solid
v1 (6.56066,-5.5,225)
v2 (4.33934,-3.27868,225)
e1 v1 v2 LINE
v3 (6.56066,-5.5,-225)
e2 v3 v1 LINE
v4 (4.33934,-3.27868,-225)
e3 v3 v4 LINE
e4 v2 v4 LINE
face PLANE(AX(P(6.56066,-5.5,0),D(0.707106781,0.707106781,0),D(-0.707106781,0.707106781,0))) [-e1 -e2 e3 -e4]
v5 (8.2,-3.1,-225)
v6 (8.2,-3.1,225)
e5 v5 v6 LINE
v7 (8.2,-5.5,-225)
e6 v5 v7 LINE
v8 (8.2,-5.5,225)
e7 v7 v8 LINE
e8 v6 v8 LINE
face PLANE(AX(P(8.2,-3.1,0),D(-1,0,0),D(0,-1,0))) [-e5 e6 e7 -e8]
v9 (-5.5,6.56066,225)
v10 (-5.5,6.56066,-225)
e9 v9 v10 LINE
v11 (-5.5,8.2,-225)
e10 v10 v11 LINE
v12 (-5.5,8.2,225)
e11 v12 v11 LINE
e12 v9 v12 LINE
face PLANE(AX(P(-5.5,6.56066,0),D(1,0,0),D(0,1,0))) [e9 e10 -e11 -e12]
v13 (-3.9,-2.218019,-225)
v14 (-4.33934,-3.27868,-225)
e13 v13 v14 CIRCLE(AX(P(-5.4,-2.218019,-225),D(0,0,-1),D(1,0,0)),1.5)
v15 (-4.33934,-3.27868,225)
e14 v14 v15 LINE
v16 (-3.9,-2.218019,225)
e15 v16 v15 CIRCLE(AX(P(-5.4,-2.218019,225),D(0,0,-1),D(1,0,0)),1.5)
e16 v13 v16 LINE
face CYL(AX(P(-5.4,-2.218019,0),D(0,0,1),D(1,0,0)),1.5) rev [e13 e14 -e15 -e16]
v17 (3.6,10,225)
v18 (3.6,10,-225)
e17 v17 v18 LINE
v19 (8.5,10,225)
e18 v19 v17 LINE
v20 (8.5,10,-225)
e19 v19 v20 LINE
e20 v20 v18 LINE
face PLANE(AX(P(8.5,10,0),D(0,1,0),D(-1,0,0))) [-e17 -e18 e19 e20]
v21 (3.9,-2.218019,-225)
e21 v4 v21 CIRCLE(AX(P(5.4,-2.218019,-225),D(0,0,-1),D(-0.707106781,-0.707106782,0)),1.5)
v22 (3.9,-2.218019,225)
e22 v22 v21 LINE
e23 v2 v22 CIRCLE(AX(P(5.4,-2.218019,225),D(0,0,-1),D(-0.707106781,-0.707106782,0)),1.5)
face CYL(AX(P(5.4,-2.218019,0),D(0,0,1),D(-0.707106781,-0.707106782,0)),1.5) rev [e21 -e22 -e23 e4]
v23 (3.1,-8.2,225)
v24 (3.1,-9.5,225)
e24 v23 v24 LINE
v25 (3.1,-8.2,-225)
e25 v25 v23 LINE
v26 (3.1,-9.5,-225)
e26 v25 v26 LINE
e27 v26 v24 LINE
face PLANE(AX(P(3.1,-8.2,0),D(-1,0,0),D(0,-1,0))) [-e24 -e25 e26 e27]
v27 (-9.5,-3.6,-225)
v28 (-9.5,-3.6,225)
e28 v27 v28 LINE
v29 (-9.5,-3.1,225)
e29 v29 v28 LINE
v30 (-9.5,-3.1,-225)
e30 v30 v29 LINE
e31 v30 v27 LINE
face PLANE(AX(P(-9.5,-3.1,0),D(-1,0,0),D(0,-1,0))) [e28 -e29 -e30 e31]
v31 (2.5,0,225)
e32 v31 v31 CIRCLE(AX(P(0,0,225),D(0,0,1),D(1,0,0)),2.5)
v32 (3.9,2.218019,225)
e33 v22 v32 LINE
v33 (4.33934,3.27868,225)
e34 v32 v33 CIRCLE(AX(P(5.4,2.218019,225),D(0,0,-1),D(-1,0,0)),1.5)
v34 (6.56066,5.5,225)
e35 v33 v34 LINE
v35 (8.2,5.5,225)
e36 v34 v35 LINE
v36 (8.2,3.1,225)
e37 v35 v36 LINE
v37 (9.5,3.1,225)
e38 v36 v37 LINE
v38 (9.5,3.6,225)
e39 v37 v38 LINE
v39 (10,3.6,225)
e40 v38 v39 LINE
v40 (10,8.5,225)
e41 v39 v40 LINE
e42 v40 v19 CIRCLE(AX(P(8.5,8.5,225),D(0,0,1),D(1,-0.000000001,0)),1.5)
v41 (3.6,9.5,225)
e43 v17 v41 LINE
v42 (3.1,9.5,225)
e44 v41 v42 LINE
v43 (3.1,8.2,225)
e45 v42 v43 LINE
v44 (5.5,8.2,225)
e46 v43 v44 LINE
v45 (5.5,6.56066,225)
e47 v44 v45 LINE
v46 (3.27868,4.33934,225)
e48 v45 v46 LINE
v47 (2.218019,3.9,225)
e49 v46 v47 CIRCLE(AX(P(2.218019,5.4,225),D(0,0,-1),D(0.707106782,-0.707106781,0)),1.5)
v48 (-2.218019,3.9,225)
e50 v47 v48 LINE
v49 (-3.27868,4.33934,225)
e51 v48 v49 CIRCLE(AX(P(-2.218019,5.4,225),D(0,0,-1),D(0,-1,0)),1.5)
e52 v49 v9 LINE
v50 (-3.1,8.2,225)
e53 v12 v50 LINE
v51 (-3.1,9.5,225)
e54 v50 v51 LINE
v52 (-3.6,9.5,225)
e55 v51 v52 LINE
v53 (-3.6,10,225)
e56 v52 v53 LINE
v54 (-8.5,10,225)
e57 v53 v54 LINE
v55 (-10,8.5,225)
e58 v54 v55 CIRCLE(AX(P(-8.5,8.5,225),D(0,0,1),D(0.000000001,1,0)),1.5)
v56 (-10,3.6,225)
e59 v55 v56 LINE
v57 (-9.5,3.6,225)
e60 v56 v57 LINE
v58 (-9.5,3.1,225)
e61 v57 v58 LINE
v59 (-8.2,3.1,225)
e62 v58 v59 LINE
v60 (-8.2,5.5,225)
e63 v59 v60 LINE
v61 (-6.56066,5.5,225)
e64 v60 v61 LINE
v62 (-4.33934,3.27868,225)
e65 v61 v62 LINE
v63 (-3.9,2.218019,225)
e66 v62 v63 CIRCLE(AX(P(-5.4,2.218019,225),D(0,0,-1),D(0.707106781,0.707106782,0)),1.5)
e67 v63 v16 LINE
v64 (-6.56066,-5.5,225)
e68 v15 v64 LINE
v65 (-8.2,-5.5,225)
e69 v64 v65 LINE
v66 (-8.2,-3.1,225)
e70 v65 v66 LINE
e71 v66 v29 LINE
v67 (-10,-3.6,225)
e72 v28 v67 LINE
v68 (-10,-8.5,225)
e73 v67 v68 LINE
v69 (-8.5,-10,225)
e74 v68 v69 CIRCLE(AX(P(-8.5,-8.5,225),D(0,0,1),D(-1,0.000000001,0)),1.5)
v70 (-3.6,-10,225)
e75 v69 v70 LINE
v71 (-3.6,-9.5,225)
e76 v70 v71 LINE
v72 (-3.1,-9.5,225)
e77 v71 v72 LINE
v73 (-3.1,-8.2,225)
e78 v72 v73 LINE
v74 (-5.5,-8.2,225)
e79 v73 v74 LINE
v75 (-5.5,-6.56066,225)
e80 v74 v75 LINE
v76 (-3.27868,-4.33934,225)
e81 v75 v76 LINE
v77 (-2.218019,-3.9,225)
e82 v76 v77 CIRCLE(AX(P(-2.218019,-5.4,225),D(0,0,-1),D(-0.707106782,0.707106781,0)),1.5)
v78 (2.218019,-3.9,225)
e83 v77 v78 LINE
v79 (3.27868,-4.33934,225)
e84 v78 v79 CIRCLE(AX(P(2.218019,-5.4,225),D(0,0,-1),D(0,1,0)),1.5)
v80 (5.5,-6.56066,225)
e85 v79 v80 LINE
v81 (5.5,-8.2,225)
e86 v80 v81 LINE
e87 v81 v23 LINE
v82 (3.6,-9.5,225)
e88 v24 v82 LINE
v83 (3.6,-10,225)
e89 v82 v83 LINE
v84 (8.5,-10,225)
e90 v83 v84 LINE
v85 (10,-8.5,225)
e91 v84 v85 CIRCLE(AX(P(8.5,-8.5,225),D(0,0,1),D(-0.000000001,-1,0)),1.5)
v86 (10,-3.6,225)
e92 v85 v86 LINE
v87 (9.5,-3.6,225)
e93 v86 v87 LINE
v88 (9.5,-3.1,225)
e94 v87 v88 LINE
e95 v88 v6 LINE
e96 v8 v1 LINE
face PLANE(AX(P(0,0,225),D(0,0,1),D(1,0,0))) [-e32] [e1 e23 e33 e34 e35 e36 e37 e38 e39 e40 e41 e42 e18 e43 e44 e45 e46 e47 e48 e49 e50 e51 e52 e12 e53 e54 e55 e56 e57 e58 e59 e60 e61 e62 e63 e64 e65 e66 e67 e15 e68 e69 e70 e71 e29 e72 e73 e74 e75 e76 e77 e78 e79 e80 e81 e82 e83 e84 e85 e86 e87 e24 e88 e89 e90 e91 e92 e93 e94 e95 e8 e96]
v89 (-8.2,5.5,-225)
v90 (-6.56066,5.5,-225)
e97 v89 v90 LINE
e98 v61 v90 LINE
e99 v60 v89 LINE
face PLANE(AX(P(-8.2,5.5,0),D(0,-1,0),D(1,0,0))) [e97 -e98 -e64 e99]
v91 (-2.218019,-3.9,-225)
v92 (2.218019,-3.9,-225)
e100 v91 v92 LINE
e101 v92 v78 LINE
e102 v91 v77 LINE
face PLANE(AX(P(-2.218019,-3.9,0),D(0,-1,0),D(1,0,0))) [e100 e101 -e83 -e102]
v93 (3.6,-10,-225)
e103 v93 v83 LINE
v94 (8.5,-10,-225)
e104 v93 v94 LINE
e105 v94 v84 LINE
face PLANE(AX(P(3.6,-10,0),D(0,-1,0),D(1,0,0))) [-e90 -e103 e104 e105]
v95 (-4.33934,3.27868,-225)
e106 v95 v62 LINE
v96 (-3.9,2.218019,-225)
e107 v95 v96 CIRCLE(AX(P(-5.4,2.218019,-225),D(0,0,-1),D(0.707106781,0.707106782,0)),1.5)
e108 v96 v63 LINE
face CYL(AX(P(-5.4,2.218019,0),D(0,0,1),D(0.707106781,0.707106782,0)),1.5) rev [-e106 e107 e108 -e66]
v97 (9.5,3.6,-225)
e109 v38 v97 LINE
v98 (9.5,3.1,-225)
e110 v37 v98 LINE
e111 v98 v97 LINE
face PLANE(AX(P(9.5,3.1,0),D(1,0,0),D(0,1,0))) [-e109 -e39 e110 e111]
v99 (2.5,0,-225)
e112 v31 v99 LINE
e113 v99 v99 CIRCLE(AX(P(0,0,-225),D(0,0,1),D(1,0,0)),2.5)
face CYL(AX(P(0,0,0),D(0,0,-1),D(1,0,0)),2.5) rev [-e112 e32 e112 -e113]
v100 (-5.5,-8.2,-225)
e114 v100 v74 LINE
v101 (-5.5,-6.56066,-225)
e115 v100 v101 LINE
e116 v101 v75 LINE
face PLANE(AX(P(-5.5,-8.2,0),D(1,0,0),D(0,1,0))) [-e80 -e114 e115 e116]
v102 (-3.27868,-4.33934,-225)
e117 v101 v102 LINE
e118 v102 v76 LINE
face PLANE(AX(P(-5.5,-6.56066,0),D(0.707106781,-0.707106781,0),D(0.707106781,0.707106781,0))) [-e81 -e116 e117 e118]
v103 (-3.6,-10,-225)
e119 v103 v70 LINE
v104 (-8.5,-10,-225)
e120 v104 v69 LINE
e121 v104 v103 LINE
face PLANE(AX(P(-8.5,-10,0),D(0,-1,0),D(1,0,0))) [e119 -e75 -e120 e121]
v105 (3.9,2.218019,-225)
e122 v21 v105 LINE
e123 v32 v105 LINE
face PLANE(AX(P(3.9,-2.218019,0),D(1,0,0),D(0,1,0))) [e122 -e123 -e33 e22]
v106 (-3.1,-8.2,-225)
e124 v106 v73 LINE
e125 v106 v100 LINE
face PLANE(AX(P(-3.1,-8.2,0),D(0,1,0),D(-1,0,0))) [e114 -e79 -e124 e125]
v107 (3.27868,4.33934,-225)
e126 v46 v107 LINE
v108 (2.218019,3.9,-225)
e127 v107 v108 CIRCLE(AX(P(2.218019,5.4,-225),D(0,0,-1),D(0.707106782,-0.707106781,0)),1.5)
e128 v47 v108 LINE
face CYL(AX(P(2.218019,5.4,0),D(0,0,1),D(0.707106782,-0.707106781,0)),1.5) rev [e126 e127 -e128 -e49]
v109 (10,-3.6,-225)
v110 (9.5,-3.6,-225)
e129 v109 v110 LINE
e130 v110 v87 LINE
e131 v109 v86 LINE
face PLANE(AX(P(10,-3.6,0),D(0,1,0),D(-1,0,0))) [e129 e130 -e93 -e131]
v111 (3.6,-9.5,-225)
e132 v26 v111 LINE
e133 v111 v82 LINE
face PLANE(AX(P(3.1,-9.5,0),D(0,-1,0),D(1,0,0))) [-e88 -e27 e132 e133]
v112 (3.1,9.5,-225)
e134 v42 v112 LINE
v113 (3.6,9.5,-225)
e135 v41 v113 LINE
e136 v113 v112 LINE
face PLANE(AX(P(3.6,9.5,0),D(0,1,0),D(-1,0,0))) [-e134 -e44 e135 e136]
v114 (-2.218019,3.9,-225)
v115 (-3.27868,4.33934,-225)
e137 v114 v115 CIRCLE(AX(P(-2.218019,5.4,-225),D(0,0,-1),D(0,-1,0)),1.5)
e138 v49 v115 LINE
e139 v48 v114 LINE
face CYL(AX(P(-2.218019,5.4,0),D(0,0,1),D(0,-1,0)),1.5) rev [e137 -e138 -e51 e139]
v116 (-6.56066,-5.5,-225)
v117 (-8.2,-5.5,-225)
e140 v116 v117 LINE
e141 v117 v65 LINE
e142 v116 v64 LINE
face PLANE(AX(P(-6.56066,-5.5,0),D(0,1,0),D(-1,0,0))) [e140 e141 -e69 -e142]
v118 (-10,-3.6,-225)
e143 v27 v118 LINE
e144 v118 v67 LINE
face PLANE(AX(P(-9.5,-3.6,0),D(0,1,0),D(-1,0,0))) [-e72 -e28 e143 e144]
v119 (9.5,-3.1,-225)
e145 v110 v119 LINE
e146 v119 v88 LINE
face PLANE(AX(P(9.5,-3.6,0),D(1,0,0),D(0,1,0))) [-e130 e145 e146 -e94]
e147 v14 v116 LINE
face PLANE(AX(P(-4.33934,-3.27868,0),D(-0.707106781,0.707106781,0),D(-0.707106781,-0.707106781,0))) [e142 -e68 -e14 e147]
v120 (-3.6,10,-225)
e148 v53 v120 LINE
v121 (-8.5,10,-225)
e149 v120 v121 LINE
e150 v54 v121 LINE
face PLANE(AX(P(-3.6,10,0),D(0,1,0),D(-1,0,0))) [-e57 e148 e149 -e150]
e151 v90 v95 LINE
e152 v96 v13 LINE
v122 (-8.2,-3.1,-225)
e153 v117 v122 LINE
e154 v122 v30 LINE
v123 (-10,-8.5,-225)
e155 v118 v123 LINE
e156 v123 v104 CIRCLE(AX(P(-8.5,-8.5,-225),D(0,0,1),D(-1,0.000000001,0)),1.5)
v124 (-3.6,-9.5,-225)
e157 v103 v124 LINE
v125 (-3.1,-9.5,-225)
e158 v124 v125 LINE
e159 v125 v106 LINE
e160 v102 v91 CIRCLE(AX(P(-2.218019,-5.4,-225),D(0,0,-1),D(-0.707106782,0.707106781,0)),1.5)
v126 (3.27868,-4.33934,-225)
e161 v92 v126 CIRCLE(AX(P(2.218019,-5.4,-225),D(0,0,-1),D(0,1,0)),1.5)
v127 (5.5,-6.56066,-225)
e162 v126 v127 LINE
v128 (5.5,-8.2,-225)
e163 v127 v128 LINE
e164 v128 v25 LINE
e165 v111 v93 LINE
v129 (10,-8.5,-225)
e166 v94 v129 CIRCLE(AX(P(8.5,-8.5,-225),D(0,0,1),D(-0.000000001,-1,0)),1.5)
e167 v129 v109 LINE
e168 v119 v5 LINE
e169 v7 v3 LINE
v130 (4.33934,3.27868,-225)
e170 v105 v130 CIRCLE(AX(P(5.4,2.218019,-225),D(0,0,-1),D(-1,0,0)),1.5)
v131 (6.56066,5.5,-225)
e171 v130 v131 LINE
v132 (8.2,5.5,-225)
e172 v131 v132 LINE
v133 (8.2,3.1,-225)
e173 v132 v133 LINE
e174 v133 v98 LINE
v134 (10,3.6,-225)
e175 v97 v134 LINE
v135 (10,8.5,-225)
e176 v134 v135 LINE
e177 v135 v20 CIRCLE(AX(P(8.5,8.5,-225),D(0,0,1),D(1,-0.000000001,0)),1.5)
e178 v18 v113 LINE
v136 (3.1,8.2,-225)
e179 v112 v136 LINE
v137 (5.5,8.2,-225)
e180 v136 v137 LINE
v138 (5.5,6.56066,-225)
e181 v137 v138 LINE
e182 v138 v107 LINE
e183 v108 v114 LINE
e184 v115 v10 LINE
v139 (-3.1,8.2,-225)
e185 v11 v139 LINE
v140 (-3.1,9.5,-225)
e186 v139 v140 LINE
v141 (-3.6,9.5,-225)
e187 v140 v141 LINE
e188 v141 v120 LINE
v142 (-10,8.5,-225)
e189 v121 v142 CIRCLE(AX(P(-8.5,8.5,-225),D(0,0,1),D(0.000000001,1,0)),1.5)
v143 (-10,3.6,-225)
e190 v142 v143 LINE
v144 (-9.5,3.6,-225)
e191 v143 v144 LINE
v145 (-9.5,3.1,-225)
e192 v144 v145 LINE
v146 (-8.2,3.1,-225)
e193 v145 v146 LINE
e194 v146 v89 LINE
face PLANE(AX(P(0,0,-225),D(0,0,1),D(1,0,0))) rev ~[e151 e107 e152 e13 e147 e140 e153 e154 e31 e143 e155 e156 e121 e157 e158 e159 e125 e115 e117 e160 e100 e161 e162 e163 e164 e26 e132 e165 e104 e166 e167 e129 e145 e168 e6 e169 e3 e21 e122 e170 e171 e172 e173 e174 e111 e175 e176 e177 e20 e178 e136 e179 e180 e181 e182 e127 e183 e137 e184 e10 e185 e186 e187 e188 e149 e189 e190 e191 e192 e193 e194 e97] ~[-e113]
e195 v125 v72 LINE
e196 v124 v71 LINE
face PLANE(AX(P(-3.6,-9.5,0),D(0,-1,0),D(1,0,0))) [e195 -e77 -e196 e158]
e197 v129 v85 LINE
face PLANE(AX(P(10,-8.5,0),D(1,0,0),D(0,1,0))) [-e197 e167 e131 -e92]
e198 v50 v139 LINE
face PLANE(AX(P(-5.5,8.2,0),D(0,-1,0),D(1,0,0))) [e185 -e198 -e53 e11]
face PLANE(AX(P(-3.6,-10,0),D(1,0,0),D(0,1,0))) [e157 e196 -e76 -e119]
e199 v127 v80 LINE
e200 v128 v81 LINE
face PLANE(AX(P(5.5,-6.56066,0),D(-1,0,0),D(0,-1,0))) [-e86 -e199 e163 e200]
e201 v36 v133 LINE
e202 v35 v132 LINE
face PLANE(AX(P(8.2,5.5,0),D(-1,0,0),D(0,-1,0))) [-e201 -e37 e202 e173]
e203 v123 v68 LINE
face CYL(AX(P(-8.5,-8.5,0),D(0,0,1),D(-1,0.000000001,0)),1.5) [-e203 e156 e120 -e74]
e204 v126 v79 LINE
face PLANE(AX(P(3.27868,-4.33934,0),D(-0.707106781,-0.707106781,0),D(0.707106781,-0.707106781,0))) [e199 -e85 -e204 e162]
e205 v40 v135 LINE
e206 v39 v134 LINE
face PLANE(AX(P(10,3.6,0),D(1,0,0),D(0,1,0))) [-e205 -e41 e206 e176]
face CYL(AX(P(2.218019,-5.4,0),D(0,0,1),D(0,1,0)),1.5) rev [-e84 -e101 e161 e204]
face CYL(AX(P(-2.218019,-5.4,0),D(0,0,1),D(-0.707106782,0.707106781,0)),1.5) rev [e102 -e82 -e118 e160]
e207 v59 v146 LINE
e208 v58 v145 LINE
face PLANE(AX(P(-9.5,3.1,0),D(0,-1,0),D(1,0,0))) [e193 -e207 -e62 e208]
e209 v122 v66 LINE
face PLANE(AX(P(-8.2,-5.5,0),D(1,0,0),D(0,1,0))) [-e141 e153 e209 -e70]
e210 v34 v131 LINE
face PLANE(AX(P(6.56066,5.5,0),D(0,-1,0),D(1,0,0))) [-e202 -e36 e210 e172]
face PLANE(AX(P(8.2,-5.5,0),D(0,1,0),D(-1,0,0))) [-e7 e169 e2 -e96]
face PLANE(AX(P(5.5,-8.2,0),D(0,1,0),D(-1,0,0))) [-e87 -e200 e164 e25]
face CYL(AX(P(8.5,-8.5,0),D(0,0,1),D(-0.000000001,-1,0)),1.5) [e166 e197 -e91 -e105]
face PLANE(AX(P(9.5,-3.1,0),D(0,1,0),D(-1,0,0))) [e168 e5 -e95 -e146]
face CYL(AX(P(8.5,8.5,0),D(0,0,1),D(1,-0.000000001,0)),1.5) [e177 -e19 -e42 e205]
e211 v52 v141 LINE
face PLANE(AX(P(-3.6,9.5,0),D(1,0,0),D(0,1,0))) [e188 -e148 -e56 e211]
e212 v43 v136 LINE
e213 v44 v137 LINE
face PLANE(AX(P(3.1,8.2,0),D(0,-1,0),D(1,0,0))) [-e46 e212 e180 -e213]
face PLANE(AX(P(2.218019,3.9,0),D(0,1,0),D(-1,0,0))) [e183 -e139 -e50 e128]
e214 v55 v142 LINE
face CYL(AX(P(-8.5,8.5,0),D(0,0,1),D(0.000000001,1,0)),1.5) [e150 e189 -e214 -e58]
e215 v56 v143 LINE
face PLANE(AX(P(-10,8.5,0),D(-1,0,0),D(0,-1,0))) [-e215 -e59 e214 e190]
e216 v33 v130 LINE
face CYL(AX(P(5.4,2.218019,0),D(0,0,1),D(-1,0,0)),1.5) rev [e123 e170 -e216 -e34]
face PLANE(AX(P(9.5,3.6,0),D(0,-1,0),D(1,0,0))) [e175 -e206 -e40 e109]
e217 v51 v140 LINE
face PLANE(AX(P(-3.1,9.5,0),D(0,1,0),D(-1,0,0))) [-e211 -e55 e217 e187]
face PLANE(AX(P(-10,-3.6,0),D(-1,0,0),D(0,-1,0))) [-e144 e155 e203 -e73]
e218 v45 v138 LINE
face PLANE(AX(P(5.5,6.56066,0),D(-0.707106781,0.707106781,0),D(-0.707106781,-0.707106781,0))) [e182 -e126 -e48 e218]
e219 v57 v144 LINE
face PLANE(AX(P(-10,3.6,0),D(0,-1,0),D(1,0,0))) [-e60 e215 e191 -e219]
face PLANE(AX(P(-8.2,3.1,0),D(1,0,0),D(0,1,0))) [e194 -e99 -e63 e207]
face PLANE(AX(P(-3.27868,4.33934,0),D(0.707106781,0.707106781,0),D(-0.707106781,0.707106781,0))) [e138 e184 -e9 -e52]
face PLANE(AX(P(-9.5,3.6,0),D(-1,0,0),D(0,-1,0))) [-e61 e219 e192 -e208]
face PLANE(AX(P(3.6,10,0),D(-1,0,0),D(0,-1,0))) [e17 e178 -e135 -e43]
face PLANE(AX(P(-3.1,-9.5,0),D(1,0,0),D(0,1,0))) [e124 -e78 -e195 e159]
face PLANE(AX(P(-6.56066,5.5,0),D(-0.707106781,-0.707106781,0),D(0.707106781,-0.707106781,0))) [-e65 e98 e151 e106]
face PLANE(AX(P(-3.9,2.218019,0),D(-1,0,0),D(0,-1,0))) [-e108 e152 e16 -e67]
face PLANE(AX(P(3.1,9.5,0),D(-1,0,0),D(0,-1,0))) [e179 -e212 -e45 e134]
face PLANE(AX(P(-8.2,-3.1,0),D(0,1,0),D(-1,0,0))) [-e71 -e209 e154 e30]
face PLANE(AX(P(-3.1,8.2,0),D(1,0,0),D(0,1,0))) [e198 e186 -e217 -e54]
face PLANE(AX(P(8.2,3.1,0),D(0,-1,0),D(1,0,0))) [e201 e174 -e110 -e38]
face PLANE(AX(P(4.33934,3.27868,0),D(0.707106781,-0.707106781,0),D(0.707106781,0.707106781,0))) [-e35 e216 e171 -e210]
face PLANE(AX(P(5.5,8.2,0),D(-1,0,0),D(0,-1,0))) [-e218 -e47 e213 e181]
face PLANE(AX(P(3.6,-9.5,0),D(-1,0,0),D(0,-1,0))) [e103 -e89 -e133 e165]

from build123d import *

# Parameters (mm, degrees)
SKETCH_1_R      = 2.5
EXTRUDE_1_DEPTH = 225


with BuildPart() as part:
    # 草图1 → 凸台-拉伸1 (new, symmetric)
    with BuildSketch(Plane.XY):
        with BuildLine():
            Line((-6.560660172, 5.5), (-4.339339828, 3.278679656))
            ThreePointArc((-4.339339828, 3.278679656), (-4.014180701, 2.792044633), (-3.9, 2.218019485))
            Line((-3.9, 2.218019485), (-3.9, -2.218019485))
            ThreePointArc((-3.9, -2.218019485), (-4.014180701, -2.792044633), (-4.339339828, -3.278679656))
            Line((-4.339339828, -3.278679656), (-6.560660172, -5.5))
            Line((-6.560660172, -5.5), (-8.2, -5.5))
            Line((-8.2, -5.5), (-8.2, -3.1))
            Line((-8.2, -3.1), (-9.5, -3.1))
            Line((-9.5, -3.1), (-9.5, -3.6))
            Line((-9.5, -3.6), (-10, -3.6))
            Line((-10, -3.6), (-10, -8.5))
            ThreePointArc((-10, -8.5), (-9.560660172, -9.560660172), (-8.5, -10))
            Line((-8.5, -10), (-3.6, -10))
            Line((-3.6, -10), (-3.6, -9.5))
            Line((-3.6, -9.5), (-3.1, -9.5))
            Line((-3.1, -9.5), (-3.1, -8.2))
            Line((-3.1, -8.2), (-5.5, -8.2))
            Line((-5.5, -8.2), (-5.5, -6.560660172))
            Line((-5.5, -6.560660172), (-3.278679656, -4.339339828))
            ThreePointArc((-3.278679656, -4.339339828), (-2.792044633, -4.014180701), (-2.218019485, -3.9))
            Line((-2.218019485, -3.9), (2.218019485, -3.9))
            ThreePointArc((2.218019485, -3.9), (2.792044633, -4.014180701), (3.278679656, -4.339339828))
            Line((3.278679656, -4.339339828), (5.5, -6.560660172))
            Line((5.5, -6.560660172), (5.5, -8.2))
            Line((5.5, -8.2), (3.1, -8.2))
            Line((3.1, -8.2), (3.1, -9.5))
            Line((3.1, -9.5), (3.6, -9.5))
            Line((3.6, -9.5), (3.6, -10))
            Line((3.6, -10), (8.5, -10))
            ThreePointArc((8.5, -10), (9.560660172, -9.560660172), (10, -8.5))
            Line((10, -8.5), (10, -3.6))
            Line((10, -3.6), (9.5, -3.6))
            Line((9.5, -3.6), (9.5, -3.1))
            Line((9.5, -3.1), (8.2, -3.1))
            Line((8.2, -3.1), (8.2, -5.5))
            Line((8.2, -5.5), (6.560660172, -5.5))
            Line((6.560660172, -5.5), (4.339339828, -3.278679656))
            ThreePointArc((4.339339828, -3.278679656), (4.014180701, -2.792044633), (3.9, -2.218019485))
            Line((3.9, -2.218019485), (3.9, 2.218019485))
            ThreePointArc((3.9, 2.218019485), (4.014180701, 2.792044633), (4.339339828, 3.278679656))
            Line((4.339339828, 3.278679656), (6.560660172, 5.5))
            Line((6.560660172, 5.5), (8.2, 5.5))
            Line((8.2, 5.5), (8.2, 3.1))
            Line((8.2, 3.1), (9.5, 3.1))
            Line((9.5, 3.1), (9.5, 3.6))
            Line((9.5, 3.6), (10, 3.6))
            Line((10, 3.6), (10, 8.5))
            ThreePointArc((10, 8.5), (9.560660172, 9.560660172), (8.5, 10))
            Line((8.5, 10), (3.6, 10))
            Line((3.6, 10), (3.6, 9.5))
            Line((3.6, 9.5), (3.1, 9.5))
            Line((3.1, 9.5), (3.1, 8.2))
            Line((3.1, 8.2), (5.5, 8.2))
            Line((5.5, 8.2), (5.5, 6.560660172))
            Line((5.5, 6.560660172), (3.278679656, 4.339339828))
            ThreePointArc((3.278679656, 4.339339828), (2.792044633, 4.014180701), (2.218019485, 3.9))
            Line((2.218019485, 3.9), (-2.218019485, 3.9))
            ThreePointArc((-2.218019485, 3.9), (-2.792044633, 4.014180701), (-3.278679656, 4.339339828))
            Line((-3.278679656, 4.339339828), (-5.5, 6.560660172))
            Line((-5.5, 6.560660172), (-5.5, 8.2))
            Line((-5.5, 8.2), (-3.1, 8.2))
            Line((-3.1, 8.2), (-3.1, 9.5))
            Line((-3.1, 9.5), (-3.6, 9.5))
            Line((-3.6, 9.5), (-3.6, 10))
            Line((-3.6, 10), (-8.5, 10))
            ThreePointArc((-8.5, 10), (-9.560660172, 9.560660172), (-10, 8.5))
            Line((-10, 8.5), (-10, 3.6))
            Line((-10, 3.6), (-9.5, 3.6))
            Line((-9.5, 3.6), (-9.5, 3.1))
            Line((-9.5, 3.1), (-8.2, 3.1))
            Line((-8.2, 3.1), (-8.2, 5.5))
            Line((-8.2, 5.5), (-6.560660172, 5.5))
        make_face()
        Circle(SKETCH_1_R, mode=Mode.SUBTRACT)
    extrude(amount=EXTRUDE_1_DEPTH, both=True)


solid = part.part
